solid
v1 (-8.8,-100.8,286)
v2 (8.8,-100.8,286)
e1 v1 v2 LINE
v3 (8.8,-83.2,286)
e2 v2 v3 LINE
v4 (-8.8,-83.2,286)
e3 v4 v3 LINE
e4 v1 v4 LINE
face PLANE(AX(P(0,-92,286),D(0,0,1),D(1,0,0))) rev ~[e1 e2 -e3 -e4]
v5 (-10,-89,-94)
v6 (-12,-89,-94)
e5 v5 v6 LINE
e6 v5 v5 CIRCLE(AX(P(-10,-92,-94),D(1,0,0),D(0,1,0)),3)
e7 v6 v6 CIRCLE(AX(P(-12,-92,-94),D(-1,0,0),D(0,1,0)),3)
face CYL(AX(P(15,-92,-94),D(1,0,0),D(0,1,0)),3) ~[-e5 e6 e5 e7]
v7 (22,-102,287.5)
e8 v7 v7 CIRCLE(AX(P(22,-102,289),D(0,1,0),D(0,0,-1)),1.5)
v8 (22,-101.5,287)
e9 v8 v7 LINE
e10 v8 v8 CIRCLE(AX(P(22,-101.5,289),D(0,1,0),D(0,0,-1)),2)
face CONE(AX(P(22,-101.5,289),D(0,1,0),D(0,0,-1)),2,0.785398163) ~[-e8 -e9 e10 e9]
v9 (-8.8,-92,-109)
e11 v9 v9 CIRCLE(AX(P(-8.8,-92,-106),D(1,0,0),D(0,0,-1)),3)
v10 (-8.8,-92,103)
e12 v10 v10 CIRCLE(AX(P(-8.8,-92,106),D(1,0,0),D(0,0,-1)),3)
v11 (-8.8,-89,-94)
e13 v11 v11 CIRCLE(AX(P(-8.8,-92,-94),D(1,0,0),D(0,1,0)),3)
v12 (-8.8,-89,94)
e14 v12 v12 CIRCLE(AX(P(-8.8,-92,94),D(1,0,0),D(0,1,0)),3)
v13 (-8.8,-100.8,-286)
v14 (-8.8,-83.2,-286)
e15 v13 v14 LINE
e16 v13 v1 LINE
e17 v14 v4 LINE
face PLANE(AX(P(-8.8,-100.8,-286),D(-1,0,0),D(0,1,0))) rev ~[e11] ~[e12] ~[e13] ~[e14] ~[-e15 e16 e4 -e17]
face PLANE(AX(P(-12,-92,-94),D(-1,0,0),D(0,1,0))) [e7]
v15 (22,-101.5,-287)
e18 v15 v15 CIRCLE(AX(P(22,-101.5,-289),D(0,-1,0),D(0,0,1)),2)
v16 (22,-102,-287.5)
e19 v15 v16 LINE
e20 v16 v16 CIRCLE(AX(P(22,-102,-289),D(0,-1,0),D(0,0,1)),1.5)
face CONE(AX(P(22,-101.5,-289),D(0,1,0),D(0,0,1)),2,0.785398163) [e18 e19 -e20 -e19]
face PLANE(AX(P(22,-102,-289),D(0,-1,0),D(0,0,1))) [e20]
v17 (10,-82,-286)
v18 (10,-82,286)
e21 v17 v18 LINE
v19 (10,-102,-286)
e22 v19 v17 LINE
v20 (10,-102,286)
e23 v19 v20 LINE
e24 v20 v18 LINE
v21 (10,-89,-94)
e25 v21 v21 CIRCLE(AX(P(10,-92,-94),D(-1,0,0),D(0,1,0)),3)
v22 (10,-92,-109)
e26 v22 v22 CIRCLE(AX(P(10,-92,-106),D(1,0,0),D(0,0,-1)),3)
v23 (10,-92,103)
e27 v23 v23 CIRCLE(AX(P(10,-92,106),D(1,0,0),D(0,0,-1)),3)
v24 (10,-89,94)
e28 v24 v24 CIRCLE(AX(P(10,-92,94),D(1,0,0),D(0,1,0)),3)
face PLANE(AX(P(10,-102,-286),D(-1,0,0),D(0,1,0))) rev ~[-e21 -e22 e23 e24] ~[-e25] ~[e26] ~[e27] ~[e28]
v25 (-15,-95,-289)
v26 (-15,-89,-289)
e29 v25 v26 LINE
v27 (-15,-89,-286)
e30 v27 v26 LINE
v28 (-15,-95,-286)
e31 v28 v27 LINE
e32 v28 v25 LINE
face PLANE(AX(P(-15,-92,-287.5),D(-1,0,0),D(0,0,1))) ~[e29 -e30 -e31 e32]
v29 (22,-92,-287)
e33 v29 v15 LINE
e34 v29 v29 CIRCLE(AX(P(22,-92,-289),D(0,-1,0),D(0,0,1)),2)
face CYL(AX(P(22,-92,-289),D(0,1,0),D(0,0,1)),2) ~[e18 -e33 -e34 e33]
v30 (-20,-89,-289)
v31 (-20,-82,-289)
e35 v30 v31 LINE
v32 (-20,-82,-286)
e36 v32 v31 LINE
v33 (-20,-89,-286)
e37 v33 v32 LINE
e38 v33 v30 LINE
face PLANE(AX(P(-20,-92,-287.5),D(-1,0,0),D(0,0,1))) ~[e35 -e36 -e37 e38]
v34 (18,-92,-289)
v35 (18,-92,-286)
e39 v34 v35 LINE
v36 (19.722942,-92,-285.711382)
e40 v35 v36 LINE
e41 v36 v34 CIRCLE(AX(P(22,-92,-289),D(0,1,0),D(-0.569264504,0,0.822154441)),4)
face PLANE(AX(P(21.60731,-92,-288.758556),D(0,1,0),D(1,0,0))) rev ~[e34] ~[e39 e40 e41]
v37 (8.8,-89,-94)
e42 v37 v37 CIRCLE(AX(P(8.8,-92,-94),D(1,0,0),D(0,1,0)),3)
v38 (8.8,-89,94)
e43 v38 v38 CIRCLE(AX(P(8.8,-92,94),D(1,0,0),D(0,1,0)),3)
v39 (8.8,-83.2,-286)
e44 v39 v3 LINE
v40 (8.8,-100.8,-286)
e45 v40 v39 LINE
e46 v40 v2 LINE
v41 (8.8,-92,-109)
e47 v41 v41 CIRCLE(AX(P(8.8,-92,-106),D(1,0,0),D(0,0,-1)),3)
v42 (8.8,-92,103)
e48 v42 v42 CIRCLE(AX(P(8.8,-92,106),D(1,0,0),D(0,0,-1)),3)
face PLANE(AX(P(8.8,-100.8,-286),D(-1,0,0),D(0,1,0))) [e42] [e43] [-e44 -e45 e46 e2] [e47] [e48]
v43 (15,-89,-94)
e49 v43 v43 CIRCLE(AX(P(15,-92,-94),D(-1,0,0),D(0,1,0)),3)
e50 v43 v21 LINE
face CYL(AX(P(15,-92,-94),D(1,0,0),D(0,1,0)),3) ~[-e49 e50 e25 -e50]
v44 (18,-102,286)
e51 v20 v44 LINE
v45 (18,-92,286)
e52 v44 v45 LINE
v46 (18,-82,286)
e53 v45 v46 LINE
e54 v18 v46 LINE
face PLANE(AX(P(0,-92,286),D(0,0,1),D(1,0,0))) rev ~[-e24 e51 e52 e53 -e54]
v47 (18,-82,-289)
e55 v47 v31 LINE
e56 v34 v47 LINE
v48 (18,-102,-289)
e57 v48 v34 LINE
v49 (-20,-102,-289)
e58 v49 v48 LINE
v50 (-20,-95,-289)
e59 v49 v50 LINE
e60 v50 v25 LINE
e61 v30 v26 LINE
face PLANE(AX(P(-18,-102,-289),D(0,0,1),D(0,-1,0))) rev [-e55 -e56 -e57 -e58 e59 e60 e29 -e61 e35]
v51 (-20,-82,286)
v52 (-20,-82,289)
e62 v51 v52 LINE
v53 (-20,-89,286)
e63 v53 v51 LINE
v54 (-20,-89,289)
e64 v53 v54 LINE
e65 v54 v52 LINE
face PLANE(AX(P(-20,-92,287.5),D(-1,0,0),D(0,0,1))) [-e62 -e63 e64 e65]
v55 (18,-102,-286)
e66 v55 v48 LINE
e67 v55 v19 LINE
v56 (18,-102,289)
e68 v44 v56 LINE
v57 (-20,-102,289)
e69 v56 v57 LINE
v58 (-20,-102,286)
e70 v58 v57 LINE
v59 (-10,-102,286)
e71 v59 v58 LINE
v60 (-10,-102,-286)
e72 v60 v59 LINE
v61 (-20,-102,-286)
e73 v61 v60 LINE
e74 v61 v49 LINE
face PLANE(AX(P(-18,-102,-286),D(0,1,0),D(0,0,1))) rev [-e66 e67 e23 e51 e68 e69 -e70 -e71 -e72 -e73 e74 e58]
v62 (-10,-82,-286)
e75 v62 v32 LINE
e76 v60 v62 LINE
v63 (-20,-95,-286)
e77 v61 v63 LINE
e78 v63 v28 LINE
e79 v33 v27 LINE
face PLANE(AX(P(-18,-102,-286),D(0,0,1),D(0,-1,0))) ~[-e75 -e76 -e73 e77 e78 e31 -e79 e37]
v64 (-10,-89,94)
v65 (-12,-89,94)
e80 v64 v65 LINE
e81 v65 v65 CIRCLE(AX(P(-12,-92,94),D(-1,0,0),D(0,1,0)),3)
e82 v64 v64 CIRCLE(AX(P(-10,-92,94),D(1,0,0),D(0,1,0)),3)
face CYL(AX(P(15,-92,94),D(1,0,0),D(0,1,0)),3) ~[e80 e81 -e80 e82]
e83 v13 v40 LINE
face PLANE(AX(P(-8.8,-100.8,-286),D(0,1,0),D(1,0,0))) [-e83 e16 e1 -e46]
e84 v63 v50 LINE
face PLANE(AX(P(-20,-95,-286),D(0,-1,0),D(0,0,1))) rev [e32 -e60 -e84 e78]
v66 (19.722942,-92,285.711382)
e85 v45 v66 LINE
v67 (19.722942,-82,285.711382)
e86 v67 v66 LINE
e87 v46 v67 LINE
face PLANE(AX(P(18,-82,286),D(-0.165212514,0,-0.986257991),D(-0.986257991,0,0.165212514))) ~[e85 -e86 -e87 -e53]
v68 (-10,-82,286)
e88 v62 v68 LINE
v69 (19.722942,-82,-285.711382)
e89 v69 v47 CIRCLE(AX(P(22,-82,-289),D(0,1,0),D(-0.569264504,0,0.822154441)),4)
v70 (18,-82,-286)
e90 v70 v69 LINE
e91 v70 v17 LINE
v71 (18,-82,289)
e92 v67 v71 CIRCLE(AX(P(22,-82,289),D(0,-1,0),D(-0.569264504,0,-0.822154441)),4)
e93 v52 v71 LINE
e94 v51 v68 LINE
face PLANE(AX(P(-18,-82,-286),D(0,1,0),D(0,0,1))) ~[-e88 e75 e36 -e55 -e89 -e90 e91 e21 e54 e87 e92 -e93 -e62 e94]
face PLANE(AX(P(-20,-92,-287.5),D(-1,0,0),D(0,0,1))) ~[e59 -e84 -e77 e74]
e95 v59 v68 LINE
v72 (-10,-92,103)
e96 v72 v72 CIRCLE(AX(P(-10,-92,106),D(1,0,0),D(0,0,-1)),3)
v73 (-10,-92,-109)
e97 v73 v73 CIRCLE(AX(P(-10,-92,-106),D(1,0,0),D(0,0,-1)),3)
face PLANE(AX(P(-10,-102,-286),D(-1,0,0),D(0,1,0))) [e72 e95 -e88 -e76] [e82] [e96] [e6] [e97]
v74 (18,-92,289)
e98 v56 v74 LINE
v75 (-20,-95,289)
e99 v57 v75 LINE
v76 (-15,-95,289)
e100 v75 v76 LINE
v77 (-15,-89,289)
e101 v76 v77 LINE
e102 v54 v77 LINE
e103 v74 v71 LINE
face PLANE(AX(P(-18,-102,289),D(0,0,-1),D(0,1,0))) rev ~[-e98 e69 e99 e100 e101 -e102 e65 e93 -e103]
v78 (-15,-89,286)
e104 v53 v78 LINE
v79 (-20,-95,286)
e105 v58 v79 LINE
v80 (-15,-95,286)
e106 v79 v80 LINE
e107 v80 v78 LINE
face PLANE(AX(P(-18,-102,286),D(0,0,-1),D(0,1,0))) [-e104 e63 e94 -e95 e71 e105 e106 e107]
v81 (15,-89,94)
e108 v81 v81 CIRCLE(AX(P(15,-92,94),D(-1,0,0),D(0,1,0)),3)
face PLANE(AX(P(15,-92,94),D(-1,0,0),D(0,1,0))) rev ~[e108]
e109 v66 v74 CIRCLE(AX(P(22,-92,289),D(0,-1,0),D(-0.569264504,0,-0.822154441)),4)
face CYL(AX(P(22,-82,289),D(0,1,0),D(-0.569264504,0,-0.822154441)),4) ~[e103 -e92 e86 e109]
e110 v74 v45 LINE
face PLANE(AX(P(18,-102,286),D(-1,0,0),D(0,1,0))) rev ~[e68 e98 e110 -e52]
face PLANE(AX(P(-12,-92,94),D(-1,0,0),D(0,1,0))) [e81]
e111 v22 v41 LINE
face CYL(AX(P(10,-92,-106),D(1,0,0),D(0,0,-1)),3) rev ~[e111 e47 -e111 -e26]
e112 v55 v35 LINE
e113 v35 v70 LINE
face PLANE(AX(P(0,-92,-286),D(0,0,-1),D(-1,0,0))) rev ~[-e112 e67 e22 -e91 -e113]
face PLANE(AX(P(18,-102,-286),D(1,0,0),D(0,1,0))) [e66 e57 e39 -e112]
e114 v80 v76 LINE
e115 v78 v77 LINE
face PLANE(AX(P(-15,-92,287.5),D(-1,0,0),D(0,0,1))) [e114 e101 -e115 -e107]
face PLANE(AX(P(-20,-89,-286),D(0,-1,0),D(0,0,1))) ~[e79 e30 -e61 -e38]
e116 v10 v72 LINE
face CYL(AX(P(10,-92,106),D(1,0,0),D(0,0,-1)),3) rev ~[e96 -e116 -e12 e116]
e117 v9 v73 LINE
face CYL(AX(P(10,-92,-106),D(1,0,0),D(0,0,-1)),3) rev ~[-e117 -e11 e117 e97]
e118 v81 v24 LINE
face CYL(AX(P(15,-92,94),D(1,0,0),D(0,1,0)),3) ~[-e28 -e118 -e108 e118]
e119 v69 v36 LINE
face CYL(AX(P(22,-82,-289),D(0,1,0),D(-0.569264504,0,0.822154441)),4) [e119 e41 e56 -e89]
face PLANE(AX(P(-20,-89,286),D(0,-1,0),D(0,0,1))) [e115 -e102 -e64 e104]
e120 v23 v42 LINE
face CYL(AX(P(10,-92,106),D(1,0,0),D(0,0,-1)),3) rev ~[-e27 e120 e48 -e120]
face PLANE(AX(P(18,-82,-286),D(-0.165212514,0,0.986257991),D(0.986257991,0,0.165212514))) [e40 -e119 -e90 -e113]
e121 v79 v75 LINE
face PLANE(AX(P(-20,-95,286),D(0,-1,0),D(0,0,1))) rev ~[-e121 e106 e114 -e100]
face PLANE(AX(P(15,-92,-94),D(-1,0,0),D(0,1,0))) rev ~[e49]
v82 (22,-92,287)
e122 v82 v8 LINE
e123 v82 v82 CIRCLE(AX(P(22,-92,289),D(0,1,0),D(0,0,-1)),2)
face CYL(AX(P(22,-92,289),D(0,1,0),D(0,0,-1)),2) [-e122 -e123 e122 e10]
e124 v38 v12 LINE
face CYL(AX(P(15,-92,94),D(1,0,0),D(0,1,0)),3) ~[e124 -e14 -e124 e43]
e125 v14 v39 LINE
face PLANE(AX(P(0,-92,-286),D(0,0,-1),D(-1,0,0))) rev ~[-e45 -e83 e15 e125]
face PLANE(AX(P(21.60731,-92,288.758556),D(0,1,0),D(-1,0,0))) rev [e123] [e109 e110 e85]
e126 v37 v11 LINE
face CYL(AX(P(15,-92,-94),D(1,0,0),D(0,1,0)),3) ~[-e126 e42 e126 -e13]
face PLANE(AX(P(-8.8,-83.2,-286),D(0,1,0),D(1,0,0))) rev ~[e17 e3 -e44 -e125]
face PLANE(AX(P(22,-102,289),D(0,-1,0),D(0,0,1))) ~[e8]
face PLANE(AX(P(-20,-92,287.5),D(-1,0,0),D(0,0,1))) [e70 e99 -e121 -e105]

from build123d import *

# Parameters (mm, degrees)
BOSS_EXTRUDE1_DEPTH      = 286
BOSS_EXTRUDE1_DEPTH_BACK = 286
SKETCH1_W                = 20
SKETCH1_H                = 20
SKETCH1_W_2              = 17.6
SKETCH1_H_2              = 17.6
SKETCH2_W                = 36
SKETCH2_H                = 20
BOSS_EXTRUDE2_DEPTH      = 3
SKETCH3_R                = 3
CUT_EXTRUDE1_DEPTH       = 308.748273756
BOSS_EXTRUDE3_DEPTH      = 10
SKETCH5_R                = 2
BOSS_EXTRUDE4_DEPTH      = 10
CHAMFER1_SIZE            = 0.5
SKETCH6_W                = 36
SKETCH6_H                = 20
BOSS_EXTRUDE5_DEPTH      = 3
CHAMFER2_SIZE            = 0.5
SKETCH7_W                = 3
SKETCH7_H                = 20
BOSS_EXTRUDE6_DEPTH      = 2
SKETCH8_W                = 3
SKETCH8_H                = 6
CUT_EXTRUDE2_DEPTH       = 5
BOSS_EXTRUDE7_DEPTH      = 2
BOSS_EXTRUDE7_DEPTH_BACK = 25
SKETCH9_R                = 3


with BuildPart() as part:
    # Sketch1 → Boss-Extrude1 (new, two sides: drawn at the far end of the back side and taken through both)
    with BuildSketch(Plane.XY.offset(-BOSS_EXTRUDE1_DEPTH_BACK)):
        with Locations((0, -92)):
            Rectangle(SKETCH1_W, SKETCH1_H)
        with Locations((0, -92)):
            Rectangle(SKETCH1_W_2, SKETCH1_H_2, mode=Mode.SUBTRACT)
    extrude(amount=BOSS_EXTRUDE1_DEPTH + BOSS_EXTRUDE1_DEPTH_BACK)

    # Sketch2 → Boss-Extrude2 (add)
    with BuildSketch(Plane(origin=(0, 0, -286), x_dir=(-1, 0, 0), z_dir=(0, 0, -1))):
        with Locations((0, -92)):
            Rectangle(SKETCH2_W, SKETCH2_H)
    extrude(amount=BOSS_EXTRUDE2_DEPTH)

    # Sketch3 → Cut-Extrude1 (cut, through all)
    with BuildSketch(Plane(origin=(10, 0, 0), x_dir=(0, 0, -1), z_dir=(1, 0, 0))):
        with Locations((-106, -92)):
            Circle(SKETCH3_R)
        with Locations((-94, -92)):
            Circle(SKETCH3_R)
        with Locations((94, -92)):
            Circle(SKETCH3_R)
        with Locations((106, -92)):
            Circle(SKETCH3_R)
    extrude(amount=-CUT_EXTRUDE1_DEPTH, mode=Mode.SUBTRACT)

    # Sketch4 → Boss-Extrude3 (add)
    with BuildSketch(Plane(origin=(0, -82, 0), x_dir=(1, 0, 0), z_dir=(0, 1, 0))):
        with BuildLine():
            Line((18, 286), (19.722941986, 285.711382236))
            ThreePointArc((19.722941986, 285.711382236), (25.543178803, 290.856309234), (18, 289))
            Line((18, 289), (18, 286))
        make_face()
    boss_extrude3 = extrude(amount=-BOSS_EXTRUDE3_DEPTH)

    # Sketch5 → Boss-Extrude4 (add)
    with BuildSketch(Plane.XZ.offset(92)):
        with Locations(Location((22, -289, 0), (0, 0, 90))):
            Circle(SKETCH5_R)
    boss_extrude4 = extrude(amount=BOSS_EXTRUDE4_DEPTH)

    # Chamfer1
    chamfer1_edges = [part.edges().sort_by_distance(p)[0] for p in [
        (22, -102, -291),
    ]]
    chamfer(chamfer1_edges, length=CHAMFER1_SIZE)

    # Sketch6 → Boss-Extrude5 (add)
    with BuildSketch(Plane.XY.offset(286)):
        with Locations((0, -92)):
            Rectangle(SKETCH6_W, SKETCH6_H)
    extrude(amount=BOSS_EXTRUDE5_DEPTH)

    # Mirror5: Boss-Extrude3, Boss-Extrude4 across plane
    add(boss_extrude3.mirror(Plane.XY))
    add(boss_extrude4.mirror(Plane.XY))

    # Chamfer2
    chamfer2_edges = [part.edges().sort_by_distance(p)[0] for p in [
        (22, -102, 291),
    ]]
    chamfer(chamfer2_edges, length=CHAMFER2_SIZE)

    # Sketch7 → Boss-Extrude6 (add)
    with BuildSketch(Plane.ZY.offset(18)):
        with Locations((287.5, -92)):
            Rectangle(SKETCH7_W, SKETCH7_H)
    boss_extrude6 = extrude(amount=BOSS_EXTRUDE6_DEPTH)

    # Sketch8 → Cut-Extrude2 (cut)
    with BuildSketch(Plane.ZY.offset(20)):
        with Locations((287.5, -92)):
            Rectangle(SKETCH8_W, SKETCH8_H)
    cut_extrude2 = extrude(amount=-CUT_EXTRUDE2_DEPTH, mode=Mode.SUBTRACT)

    # Mirror6: Boss-Extrude6, Cut-Extrude2 across plane
    add(boss_extrude6.mirror(Plane.XY))
    add(cut_extrude2.mirror(Plane.XY), mode=Mode.SUBTRACT)

    # Sketch9 → Boss-Extrude7 (add, two sides: drawn at the far end of the back side and taken through both)
    with BuildSketch(Plane.ZY.offset(10).offset(-BOSS_EXTRUDE7_DEPTH_BACK)):
        with Locations(Location((94, -92, 0), (0, 0, 90))):
            Circle(SKETCH9_R)
        with Locations(Location((-94, -92, 0), (0, 0, 90))):
            Circle(SKETCH9_R)
    extrude(amount=BOSS_EXTRUDE7_DEPTH + BOSS_EXTRUDE7_DEPTH_BACK)


solid = part.part
